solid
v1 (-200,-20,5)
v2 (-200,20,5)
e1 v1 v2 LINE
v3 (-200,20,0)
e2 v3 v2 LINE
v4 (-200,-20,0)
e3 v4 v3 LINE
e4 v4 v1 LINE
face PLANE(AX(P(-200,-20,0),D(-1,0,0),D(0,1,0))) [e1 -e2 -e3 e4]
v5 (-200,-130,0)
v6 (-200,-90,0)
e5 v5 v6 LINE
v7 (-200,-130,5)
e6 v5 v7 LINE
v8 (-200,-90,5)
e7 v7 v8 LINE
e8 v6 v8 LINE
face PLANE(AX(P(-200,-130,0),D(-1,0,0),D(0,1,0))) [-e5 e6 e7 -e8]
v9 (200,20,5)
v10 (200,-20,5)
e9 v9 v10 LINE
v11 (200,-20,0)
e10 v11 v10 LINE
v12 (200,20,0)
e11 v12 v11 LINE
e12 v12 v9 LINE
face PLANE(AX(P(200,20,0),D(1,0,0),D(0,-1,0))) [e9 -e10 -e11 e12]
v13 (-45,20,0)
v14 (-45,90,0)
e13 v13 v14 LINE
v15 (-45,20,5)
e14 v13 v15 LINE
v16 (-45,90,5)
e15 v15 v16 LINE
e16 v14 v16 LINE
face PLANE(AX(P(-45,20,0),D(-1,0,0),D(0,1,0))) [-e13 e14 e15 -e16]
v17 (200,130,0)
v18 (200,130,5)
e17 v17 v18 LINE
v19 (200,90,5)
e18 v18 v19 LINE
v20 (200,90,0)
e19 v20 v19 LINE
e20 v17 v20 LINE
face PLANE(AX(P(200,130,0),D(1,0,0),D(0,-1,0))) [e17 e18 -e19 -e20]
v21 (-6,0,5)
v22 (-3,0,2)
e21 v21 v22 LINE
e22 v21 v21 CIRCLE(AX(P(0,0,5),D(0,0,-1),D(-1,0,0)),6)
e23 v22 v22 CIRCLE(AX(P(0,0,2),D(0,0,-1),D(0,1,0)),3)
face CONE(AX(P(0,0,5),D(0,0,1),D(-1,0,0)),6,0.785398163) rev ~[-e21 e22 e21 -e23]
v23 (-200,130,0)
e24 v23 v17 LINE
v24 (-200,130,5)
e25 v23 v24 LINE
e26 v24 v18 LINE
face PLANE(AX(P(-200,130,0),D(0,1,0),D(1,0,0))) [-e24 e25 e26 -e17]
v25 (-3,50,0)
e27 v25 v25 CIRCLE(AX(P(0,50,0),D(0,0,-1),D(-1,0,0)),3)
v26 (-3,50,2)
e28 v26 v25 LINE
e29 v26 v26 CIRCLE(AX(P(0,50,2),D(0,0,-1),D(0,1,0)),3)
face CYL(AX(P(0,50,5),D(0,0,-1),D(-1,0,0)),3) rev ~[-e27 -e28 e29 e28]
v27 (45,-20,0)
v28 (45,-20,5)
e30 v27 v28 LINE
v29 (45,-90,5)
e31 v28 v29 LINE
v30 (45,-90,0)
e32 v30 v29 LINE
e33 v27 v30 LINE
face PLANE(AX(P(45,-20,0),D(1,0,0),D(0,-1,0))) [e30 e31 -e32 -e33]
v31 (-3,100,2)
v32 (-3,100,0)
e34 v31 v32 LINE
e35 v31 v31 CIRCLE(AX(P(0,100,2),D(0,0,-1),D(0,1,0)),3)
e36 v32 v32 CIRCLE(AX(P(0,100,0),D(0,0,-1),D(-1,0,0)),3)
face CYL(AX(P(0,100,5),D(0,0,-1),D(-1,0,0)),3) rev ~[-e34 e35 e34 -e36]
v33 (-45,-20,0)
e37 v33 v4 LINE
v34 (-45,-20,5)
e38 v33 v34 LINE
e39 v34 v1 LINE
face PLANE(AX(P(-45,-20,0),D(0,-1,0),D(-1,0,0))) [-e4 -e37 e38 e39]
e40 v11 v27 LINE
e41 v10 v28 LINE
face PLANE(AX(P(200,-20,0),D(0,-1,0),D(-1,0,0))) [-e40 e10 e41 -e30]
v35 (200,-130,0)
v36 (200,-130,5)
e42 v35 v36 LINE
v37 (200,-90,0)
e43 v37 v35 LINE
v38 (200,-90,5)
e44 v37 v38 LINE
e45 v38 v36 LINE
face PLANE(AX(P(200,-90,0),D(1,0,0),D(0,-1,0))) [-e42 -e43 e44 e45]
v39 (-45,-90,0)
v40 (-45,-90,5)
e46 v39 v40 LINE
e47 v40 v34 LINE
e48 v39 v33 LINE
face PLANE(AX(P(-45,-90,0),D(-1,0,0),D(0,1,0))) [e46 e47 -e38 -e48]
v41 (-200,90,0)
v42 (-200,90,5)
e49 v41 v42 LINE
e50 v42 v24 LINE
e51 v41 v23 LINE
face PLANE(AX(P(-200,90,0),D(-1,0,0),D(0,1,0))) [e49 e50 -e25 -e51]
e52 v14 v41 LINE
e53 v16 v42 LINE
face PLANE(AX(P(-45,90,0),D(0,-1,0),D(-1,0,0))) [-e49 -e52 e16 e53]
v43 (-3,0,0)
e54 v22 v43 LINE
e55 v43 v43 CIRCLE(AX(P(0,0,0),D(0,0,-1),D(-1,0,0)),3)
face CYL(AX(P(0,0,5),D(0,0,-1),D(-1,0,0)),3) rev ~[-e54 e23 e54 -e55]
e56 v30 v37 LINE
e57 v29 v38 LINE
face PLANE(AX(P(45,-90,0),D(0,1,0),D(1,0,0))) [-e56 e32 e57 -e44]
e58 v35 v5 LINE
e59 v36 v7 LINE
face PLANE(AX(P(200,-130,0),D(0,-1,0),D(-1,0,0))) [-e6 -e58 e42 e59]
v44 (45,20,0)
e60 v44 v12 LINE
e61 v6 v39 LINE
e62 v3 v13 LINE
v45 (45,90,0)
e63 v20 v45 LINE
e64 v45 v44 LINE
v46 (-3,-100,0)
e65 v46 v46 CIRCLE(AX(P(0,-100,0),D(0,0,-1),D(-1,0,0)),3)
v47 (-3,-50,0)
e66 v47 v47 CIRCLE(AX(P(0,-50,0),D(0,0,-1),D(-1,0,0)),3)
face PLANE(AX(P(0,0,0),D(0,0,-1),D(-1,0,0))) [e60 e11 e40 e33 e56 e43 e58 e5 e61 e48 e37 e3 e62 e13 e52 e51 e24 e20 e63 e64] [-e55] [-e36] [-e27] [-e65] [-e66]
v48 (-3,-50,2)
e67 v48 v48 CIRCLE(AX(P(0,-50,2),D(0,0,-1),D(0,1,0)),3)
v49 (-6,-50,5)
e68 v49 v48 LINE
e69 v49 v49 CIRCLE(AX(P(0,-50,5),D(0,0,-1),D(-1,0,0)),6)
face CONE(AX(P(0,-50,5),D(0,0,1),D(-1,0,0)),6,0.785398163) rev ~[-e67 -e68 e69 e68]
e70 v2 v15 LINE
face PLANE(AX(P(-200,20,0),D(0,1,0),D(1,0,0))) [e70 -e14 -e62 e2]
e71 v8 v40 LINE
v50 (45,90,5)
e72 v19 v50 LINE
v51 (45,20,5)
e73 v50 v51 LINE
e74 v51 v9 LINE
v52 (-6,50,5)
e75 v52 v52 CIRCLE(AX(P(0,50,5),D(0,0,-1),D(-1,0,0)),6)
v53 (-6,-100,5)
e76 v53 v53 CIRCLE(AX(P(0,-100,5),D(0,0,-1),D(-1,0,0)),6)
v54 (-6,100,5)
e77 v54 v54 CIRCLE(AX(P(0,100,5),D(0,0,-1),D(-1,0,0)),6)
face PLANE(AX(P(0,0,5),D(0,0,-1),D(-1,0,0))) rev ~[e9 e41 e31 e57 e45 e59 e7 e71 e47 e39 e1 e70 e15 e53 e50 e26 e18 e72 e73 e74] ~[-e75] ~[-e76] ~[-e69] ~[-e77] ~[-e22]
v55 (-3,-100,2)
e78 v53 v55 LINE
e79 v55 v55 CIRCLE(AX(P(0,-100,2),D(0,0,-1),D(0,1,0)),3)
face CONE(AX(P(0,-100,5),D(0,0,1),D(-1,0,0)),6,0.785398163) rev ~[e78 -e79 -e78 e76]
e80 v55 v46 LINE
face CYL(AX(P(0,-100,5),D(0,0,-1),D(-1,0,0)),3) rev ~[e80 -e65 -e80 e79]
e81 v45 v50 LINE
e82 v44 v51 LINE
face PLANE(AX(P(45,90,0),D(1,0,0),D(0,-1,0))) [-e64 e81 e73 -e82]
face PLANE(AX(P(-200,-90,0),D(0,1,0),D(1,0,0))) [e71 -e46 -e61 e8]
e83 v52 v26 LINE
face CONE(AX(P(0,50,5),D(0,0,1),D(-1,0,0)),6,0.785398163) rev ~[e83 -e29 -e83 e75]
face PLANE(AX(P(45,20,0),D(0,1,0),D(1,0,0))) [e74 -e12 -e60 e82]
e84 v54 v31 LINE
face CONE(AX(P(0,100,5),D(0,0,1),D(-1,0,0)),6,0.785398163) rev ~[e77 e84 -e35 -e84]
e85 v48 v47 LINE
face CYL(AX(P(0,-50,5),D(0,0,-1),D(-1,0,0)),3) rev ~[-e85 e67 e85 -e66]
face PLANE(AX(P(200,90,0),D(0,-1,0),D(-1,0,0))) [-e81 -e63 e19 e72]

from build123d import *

# Parameters (mm, degrees)
PAD_DEPTH        = 5
HOLE_D           = 6
HOLE_DEPTH       = 25
HOLE_CSINK_D     = 12
HOLE_CSINK_ANGLE = 90


with BuildPart() as part:
    # Sketch → Pad (new body)
    with BuildSketch(Plane.XY):
        Polygon((-200, 130), (200, 130), (200, 90), (45, 90), (45, 20), (200, 20), (200, -20), (45, -20), (45, -90), (200, -90), (200, -130), (-200, -130), (-200, -90), (-45, -90), (-45, -20), (-200, -20), (-200, 20), (-45, 20), (-45, 90), (-200, 90), align=None)
    extrude(amount=PAD_DEPTH)

    # Hole
    with Locations(Plane.XY.offset(5)):
        with Locations((0, 0), (0, 50), (0, 100), (0, -50), (0, -100)):
            CounterSinkHole(HOLE_D / 2, HOLE_CSINK_D / 2, depth=HOLE_DEPTH, counter_sink_angle=HOLE_CSINK_ANGLE)


solid = part.part
